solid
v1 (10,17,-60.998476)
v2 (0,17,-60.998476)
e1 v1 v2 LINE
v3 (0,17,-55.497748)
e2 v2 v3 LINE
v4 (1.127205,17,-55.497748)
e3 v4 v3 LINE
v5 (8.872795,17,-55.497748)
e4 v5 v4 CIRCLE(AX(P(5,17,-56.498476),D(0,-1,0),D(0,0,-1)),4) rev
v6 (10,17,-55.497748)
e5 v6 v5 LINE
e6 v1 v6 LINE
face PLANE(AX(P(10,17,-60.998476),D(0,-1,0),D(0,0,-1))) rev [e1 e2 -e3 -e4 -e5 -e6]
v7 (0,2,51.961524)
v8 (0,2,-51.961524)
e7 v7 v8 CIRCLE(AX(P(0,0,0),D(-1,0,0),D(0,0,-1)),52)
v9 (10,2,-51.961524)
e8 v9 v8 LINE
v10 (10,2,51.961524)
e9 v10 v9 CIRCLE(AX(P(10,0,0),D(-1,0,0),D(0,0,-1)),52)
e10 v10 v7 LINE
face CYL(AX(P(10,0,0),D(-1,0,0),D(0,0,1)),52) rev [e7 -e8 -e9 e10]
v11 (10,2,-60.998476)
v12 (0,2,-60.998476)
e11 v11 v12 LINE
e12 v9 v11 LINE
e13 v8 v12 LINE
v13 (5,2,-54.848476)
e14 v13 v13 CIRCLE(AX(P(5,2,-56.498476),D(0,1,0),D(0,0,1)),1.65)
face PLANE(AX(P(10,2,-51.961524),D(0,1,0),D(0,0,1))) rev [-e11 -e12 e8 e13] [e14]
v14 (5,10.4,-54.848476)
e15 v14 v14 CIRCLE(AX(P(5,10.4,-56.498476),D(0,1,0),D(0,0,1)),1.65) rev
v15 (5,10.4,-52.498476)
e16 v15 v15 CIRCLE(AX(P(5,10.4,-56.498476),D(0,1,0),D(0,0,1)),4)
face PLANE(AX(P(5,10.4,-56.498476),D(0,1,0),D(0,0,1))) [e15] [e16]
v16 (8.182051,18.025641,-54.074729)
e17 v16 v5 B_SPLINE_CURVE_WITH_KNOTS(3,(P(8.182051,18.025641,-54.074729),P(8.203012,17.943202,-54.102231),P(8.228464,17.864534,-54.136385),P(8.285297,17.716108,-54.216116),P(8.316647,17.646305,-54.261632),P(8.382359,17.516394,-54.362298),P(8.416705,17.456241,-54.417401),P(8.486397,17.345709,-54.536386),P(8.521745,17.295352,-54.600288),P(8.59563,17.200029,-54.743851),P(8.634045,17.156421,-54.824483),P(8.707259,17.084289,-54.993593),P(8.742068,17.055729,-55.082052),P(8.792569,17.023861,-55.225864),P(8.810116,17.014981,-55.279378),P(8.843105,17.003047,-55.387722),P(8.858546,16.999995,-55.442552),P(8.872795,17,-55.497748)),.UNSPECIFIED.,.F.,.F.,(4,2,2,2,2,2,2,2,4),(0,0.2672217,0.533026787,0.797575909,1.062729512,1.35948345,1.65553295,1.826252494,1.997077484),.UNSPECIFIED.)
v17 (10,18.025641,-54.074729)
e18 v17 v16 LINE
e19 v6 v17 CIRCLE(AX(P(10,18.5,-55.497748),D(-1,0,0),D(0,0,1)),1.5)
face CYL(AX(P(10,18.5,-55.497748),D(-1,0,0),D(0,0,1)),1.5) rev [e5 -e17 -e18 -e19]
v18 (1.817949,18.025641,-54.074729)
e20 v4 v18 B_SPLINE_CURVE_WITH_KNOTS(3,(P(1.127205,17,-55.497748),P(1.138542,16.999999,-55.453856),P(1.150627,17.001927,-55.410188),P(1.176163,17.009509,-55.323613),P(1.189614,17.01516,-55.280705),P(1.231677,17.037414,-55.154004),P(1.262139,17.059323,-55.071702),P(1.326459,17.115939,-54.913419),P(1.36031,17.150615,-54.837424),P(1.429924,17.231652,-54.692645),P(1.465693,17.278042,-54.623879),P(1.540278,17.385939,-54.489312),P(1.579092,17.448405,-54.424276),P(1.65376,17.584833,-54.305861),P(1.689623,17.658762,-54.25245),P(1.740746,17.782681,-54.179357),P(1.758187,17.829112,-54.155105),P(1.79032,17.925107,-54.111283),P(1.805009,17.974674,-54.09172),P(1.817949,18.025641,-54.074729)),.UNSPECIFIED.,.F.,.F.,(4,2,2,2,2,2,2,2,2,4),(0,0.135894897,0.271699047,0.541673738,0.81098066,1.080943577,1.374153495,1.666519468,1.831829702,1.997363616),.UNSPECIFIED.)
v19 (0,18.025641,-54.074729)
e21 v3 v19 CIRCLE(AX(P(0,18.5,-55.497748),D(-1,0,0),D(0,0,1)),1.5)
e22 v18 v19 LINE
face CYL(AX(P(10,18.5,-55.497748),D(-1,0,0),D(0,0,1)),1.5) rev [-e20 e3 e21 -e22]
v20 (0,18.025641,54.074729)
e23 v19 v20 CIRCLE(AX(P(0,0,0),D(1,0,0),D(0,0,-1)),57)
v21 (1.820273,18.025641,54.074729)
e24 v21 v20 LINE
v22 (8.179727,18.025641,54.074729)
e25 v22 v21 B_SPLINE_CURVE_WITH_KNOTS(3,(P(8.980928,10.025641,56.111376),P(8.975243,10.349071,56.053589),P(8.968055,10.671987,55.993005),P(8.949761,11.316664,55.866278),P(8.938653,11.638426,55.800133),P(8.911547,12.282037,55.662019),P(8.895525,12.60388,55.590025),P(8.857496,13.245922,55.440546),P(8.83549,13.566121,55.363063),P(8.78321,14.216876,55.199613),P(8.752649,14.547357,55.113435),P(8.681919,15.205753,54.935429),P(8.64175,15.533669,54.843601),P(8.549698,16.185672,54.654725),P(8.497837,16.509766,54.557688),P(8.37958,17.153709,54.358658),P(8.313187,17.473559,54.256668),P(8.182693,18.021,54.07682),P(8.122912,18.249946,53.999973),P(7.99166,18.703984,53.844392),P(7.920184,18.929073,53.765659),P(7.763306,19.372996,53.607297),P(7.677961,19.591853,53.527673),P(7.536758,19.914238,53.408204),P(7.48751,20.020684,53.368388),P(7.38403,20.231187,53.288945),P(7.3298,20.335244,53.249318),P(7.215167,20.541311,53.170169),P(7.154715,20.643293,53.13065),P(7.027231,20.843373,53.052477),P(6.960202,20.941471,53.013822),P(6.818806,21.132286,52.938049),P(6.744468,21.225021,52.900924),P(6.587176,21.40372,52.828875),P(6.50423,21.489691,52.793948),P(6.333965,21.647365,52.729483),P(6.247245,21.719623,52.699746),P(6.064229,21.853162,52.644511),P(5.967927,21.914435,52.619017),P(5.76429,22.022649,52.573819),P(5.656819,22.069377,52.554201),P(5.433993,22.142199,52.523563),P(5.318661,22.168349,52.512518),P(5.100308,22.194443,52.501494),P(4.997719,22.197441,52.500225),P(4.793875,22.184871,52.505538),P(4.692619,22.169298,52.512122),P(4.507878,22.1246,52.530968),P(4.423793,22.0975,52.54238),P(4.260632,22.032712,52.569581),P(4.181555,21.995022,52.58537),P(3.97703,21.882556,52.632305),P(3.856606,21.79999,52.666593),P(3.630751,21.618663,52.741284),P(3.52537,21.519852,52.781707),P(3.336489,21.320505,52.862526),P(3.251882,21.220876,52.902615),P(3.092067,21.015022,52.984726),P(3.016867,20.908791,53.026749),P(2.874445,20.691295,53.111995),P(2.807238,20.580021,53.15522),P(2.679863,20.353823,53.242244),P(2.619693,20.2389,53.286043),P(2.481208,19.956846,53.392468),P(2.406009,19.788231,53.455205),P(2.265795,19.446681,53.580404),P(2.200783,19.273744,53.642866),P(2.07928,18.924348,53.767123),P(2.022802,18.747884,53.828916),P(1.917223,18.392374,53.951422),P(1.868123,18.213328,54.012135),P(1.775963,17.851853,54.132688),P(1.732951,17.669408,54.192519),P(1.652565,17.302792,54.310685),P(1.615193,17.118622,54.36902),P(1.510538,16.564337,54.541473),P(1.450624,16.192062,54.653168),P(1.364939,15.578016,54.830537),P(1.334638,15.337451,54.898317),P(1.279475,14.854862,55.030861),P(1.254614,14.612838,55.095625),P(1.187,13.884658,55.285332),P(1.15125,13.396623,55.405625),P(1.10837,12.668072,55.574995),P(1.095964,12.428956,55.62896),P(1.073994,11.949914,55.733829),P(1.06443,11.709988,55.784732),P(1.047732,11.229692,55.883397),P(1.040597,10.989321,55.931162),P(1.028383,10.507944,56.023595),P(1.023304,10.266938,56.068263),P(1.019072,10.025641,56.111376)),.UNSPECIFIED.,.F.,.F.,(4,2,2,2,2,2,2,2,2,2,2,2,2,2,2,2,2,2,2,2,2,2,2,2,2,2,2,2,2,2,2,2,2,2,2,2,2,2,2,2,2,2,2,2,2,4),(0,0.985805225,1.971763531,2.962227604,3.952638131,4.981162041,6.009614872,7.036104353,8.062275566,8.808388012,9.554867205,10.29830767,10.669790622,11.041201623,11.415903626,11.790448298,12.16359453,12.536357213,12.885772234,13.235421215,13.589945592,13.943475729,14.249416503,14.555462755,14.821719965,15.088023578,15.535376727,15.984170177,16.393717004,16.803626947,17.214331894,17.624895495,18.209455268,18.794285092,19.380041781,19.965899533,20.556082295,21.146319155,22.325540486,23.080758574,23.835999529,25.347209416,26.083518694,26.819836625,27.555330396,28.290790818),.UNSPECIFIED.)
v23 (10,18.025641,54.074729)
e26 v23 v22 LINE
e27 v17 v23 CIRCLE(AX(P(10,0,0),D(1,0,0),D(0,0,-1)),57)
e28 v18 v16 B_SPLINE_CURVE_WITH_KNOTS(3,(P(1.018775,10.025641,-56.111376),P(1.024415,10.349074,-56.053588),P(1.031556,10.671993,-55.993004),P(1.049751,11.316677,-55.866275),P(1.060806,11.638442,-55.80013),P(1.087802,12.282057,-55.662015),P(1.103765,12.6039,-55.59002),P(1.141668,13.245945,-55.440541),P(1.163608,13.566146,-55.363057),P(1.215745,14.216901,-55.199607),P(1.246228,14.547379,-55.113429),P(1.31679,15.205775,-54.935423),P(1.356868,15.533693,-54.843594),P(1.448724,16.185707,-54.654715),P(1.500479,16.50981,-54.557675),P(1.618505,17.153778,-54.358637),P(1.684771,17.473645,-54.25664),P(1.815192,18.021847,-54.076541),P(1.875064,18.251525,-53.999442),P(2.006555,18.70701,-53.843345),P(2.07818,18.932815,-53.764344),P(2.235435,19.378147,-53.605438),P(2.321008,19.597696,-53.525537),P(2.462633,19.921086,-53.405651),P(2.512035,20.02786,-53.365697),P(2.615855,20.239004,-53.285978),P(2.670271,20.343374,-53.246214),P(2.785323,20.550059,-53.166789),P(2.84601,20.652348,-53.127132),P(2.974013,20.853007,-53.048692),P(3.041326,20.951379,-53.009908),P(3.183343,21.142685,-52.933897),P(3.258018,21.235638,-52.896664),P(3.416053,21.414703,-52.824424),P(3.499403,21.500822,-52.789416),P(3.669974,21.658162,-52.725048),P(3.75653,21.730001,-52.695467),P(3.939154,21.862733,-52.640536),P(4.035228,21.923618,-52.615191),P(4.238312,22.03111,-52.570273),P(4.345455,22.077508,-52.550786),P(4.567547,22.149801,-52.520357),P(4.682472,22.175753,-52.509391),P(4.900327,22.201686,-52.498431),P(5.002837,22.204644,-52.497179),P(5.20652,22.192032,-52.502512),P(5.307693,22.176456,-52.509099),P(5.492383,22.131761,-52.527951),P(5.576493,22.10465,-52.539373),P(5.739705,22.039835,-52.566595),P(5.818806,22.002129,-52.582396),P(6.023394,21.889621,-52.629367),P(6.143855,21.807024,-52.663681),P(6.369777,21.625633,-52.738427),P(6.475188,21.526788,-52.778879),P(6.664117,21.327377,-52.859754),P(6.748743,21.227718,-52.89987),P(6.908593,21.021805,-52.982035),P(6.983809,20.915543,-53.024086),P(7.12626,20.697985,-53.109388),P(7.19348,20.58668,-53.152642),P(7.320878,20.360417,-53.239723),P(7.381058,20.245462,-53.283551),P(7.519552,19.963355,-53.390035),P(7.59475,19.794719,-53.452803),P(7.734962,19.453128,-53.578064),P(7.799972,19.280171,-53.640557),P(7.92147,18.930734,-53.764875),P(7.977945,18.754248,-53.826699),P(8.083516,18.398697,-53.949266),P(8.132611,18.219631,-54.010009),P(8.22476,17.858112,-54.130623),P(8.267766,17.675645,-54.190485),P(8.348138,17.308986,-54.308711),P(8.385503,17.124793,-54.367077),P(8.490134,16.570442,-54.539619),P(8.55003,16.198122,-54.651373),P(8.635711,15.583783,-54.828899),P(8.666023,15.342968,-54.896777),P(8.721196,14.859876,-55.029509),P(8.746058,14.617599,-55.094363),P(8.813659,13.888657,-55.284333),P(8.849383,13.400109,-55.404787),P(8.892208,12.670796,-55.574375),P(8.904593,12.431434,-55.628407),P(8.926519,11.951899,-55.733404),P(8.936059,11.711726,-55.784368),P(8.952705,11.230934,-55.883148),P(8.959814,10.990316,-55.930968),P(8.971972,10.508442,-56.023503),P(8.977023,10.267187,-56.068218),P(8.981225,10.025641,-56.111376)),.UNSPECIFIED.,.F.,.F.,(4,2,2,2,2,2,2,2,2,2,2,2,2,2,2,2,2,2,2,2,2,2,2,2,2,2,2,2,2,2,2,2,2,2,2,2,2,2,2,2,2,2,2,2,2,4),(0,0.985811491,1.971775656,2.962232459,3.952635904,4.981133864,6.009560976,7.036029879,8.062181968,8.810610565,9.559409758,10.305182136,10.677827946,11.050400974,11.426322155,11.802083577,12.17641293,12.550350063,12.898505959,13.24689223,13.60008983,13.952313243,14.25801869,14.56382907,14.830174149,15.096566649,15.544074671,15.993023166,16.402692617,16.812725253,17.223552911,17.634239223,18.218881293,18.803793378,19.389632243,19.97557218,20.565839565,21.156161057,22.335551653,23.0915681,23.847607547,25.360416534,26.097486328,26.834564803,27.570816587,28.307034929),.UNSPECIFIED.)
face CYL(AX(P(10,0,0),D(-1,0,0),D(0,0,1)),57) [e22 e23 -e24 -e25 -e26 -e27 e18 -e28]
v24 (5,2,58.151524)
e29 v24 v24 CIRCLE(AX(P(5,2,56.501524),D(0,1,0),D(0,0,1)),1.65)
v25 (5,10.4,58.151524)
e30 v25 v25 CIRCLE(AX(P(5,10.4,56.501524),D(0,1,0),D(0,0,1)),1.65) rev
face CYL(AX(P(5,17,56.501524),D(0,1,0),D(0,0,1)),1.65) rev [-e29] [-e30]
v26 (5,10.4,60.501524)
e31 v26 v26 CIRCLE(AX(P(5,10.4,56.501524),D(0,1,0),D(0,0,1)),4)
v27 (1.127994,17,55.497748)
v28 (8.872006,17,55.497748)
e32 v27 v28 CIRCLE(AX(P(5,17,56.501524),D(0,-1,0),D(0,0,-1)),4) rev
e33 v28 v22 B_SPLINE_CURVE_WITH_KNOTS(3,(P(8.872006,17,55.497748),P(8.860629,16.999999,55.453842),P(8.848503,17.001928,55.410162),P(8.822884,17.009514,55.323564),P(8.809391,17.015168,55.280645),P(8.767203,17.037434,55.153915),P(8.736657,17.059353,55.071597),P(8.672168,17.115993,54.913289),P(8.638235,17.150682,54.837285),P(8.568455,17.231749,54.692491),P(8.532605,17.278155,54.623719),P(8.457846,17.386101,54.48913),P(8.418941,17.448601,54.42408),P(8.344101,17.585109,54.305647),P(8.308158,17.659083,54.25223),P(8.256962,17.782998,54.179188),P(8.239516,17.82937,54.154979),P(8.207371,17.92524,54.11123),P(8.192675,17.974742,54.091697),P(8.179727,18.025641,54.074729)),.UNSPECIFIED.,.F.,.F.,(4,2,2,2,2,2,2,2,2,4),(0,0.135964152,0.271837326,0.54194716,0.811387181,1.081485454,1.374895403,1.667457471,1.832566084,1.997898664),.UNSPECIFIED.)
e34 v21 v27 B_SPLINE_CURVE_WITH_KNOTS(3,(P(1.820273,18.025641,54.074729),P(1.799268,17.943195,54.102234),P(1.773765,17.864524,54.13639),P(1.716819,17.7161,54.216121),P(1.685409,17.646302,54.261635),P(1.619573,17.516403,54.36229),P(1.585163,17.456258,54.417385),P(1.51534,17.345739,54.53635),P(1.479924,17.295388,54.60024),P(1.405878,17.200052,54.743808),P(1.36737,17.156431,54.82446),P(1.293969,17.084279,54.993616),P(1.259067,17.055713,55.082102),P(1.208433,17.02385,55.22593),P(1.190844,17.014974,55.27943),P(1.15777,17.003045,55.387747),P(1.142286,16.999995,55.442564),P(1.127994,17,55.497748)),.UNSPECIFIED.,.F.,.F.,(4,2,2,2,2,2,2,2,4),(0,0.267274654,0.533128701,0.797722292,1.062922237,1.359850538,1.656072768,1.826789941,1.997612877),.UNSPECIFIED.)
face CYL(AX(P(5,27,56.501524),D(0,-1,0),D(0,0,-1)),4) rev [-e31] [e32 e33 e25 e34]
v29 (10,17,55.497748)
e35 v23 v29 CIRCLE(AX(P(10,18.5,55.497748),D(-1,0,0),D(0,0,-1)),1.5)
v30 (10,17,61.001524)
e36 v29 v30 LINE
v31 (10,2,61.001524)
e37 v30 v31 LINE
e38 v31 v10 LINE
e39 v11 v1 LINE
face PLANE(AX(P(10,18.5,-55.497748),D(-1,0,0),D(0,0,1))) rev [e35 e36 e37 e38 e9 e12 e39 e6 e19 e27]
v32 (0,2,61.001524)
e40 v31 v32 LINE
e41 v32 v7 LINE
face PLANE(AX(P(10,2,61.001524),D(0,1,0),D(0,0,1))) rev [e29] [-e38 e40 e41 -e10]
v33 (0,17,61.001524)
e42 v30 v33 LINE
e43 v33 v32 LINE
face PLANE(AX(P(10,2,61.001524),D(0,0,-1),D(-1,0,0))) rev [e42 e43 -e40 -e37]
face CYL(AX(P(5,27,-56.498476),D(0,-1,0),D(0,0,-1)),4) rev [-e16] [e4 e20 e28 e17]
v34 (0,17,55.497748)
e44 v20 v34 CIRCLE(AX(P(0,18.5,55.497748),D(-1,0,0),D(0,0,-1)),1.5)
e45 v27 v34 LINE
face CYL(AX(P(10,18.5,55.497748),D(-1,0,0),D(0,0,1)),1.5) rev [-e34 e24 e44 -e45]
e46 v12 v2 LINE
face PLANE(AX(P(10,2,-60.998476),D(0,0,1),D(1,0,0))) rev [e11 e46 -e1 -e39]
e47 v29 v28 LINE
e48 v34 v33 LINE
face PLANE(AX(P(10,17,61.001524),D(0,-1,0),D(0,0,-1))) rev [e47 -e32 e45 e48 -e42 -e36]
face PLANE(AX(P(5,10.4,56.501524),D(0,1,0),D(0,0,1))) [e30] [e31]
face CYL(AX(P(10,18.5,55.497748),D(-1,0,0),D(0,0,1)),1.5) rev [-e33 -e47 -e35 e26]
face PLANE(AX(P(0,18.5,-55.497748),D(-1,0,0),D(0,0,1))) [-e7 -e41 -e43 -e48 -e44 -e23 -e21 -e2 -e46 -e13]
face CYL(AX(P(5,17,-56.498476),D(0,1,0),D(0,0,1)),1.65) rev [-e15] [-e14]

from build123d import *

# Parameters (mm, degrees)
BOSS_EXTRUDE1_DEPTH        = 10
M4_TAPPED_HOLE1_AT_2_COUNT = 2
M4_TAPPED_HOLE1_AT_2_PITCH = 113
SKETCH7_R                  = 4
CUT_EXTRUDE1_DEPTH         = 10
CUT_EXTRUDE1_DEPTH_BACK    = 6.6


with BuildPart() as part:
    # Sketch1 → Boss-Extrude1 (new body)
    with BuildSketch(Plane(origin=(0, 0, 0), x_dir=(0, 0, -1), z_dir=(1, 0, 0))):
        with BuildLine():
            Line((-61.001524227, 2), (-51.961524227, 2))
            ThreePointArc((-51.961524227, 2), (0, 52), (51.961524227, 2))
            Line((51.961524227, 2), (60.998475773, 2))
            Line((60.998475773, 2), (60.998475773, 17))
            Line((60.998475773, 17), (55.497747702, 17))
            ThreePointArc((55.497747702, 17), (54.620689683, 17.283131383), (54.07472853, 18.025641026))
            ThreePointArc((54.07472853, 18.025641026), (0, 57), (-54.07472853, 18.025641026))
            ThreePointArc((-54.07472853, 18.025641026), (-54.620689683, 17.283131383), (-55.497747702, 17))
            Line((-55.497747702, 17), (-61.001524227, 17))
            Line((-61.001524227, 17), (-61.001524227, 2))
        make_face()
    extrude(amount=BOSS_EXTRUDE1_DEPTH)

    # Sketch4 → M4 Tapped Hole1 (revolve, cut)
    with BuildSketch(Plane(origin=(5, 17, -56.498475773), x_dir=(0, 0, 1), z_dir=(1, 0, 0))):
        Polygon((0, 0), (0, 21.091420021), (1.65, 20.1), (1.65, 0), align=None)
    m4_tapped_hole1 = revolve(axis=Axis((5, 23.35, -56.498475773), (0, -1, 0)), mode=Mode.SUBTRACT)

    # M4 Tapped Hole1 at 2: M4 Tapped Hole1 ×2
    with Locations(*[(0, 0, i * M4_TAPPED_HOLE1_AT_2_PITCH) for i in range(1, M4_TAPPED_HOLE1_AT_2_COUNT)]):
        add(m4_tapped_hole1, mode=Mode.SUBTRACT)

    # Sketch7 → Cut-Extrude1 (cut, two sides)
    with BuildSketch(Plane(origin=(0, 17, 0), x_dir=(1, 0, 0), z_dir=(0, 1, 0))) as cut_extrude1_sk:
        with Locations((5, 56.498475773)):
            Circle(SKETCH7_R)
        with Locations((5, -56.501524227)):
            Circle(SKETCH7_R)
    extrude(amount=CUT_EXTRUDE1_DEPTH, mode=Mode.SUBTRACT)
    extrude(cut_extrude1_sk.sketch, amount=-CUT_EXTRUDE1_DEPTH_BACK, mode=Mode.SUBTRACT)


solid = part.part
